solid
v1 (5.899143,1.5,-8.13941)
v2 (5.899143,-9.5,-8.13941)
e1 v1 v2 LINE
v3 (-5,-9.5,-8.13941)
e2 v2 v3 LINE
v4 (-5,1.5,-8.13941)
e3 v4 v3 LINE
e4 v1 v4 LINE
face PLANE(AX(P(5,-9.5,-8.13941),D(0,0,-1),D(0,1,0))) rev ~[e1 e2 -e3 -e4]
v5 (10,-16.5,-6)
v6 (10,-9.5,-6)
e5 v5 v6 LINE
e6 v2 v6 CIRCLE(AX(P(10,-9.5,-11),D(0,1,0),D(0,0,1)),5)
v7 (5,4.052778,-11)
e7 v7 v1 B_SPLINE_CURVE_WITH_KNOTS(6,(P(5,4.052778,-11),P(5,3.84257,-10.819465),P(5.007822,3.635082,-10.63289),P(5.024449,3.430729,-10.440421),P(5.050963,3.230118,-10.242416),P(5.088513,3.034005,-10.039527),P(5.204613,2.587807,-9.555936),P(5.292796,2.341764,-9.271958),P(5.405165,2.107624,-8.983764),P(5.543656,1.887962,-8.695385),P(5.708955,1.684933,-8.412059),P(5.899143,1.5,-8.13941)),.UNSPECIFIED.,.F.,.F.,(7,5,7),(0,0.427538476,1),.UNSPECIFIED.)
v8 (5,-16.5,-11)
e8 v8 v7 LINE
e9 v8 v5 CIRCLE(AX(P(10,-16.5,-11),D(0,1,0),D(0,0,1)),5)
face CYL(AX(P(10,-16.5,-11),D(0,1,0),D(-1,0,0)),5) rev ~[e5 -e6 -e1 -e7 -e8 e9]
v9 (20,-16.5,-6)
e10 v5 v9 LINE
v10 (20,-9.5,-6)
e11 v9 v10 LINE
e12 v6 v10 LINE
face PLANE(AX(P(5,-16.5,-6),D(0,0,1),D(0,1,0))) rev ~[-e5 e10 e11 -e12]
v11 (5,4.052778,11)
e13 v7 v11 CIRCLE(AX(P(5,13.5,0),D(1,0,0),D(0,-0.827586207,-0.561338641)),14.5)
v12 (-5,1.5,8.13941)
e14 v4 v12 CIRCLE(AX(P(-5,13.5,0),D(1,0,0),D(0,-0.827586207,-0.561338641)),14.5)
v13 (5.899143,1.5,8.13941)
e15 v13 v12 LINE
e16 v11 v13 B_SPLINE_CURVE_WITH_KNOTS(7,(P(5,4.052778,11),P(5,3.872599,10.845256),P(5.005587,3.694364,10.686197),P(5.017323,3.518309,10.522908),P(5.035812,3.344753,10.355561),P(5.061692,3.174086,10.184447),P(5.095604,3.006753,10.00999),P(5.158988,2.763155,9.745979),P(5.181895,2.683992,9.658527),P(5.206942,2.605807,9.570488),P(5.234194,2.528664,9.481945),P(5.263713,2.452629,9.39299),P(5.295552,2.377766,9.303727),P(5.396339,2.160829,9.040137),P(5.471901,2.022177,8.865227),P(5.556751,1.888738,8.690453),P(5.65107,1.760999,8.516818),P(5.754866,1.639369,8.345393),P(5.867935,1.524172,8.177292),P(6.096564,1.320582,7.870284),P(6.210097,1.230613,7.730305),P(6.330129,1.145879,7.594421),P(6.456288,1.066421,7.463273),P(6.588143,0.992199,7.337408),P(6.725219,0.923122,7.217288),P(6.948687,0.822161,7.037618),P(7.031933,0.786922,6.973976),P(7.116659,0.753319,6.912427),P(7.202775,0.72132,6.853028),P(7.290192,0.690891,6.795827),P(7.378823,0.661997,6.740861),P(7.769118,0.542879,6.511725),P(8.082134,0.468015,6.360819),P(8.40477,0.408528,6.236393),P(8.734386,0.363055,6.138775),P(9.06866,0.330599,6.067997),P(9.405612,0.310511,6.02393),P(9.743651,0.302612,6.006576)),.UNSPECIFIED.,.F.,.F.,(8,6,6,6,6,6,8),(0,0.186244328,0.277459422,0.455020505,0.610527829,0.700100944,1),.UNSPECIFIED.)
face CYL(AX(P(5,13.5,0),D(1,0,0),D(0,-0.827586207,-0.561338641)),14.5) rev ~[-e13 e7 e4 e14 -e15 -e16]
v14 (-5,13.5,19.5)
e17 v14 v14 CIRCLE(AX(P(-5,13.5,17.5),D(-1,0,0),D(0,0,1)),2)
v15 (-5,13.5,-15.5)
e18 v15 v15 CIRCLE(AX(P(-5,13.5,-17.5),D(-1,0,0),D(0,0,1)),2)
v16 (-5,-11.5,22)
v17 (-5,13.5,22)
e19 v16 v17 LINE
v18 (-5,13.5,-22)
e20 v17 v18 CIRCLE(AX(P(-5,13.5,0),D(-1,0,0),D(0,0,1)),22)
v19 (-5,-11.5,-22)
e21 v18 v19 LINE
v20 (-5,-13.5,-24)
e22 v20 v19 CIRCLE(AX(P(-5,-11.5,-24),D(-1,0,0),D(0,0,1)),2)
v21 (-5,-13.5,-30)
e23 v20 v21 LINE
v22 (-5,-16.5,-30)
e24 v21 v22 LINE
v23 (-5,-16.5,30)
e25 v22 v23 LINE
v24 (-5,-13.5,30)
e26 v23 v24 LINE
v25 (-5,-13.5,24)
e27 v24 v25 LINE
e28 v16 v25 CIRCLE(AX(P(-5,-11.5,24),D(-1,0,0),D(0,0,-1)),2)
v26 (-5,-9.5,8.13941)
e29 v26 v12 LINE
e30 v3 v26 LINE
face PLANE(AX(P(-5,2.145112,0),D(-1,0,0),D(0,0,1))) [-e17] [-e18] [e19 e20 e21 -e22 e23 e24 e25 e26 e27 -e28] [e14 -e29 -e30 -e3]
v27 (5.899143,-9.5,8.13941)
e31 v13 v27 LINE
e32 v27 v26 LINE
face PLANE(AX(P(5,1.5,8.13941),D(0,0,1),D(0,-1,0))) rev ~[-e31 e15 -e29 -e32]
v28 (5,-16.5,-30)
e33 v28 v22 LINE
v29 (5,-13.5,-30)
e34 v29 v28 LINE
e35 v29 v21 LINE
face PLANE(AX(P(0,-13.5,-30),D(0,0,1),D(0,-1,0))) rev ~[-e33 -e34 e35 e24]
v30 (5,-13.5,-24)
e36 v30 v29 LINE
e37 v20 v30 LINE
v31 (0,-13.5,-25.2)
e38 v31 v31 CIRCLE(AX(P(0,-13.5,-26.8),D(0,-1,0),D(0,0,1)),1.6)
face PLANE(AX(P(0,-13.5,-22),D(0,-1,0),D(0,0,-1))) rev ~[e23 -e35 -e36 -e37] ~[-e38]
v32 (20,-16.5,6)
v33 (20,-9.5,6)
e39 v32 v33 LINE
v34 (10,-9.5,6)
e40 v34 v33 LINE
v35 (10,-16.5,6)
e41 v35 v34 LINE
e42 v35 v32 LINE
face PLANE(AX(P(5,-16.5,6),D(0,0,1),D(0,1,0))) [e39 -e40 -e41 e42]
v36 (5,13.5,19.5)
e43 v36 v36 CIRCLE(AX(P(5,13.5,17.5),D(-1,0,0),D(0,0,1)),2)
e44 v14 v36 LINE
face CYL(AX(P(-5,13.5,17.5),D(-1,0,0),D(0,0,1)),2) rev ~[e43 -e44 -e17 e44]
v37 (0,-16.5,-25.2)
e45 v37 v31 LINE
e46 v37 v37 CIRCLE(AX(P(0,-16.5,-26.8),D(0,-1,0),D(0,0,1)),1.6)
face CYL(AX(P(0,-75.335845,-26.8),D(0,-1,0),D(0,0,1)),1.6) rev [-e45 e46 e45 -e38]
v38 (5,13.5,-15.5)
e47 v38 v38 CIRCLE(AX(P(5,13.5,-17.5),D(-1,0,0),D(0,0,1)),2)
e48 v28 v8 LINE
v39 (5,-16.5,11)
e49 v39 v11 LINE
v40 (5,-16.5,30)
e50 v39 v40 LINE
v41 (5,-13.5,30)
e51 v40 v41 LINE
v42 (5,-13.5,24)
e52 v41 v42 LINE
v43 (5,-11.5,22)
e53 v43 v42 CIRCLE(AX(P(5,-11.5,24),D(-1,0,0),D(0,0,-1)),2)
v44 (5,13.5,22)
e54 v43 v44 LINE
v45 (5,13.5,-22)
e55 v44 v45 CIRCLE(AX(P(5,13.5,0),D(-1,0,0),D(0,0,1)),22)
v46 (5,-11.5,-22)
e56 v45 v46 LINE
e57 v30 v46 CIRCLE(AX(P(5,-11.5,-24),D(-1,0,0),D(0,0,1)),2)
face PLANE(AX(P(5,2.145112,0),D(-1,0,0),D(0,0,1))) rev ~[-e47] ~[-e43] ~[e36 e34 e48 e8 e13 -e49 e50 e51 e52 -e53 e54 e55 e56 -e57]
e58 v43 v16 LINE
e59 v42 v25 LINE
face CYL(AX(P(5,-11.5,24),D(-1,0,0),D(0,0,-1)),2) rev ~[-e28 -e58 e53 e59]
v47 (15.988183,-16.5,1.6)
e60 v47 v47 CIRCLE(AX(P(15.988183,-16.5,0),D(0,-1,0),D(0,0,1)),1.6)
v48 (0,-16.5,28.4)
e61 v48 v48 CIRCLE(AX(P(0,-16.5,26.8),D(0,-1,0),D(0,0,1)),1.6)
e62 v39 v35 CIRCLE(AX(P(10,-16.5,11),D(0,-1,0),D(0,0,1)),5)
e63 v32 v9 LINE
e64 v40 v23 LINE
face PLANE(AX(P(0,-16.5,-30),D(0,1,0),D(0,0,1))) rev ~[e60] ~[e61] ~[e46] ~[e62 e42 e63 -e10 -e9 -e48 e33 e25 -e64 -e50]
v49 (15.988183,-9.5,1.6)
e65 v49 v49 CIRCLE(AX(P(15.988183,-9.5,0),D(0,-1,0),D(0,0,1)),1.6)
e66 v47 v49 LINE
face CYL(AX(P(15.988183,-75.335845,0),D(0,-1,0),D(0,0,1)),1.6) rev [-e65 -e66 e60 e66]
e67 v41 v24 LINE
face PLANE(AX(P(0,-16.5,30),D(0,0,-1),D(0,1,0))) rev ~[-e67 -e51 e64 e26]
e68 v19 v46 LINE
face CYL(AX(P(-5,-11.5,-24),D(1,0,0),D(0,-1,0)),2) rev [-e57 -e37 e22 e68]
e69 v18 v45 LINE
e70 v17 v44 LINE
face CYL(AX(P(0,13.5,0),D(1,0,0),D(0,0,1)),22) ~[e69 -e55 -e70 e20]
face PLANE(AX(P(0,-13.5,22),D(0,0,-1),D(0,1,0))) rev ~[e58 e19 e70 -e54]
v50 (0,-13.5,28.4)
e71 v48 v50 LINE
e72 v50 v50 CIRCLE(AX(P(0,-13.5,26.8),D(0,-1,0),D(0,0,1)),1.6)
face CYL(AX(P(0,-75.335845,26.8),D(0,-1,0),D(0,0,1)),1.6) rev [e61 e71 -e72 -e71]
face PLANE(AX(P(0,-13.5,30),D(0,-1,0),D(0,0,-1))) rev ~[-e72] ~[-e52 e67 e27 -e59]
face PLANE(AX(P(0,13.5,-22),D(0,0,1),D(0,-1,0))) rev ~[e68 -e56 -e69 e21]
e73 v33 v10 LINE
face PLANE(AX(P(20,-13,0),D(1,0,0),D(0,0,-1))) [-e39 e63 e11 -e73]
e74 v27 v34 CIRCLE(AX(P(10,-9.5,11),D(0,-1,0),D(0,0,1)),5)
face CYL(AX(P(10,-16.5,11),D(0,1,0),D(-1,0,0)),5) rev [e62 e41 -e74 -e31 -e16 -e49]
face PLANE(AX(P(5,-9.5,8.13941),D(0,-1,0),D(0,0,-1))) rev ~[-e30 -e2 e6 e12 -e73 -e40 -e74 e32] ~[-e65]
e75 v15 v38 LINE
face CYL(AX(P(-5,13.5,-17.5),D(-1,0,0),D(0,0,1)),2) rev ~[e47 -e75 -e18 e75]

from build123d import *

# Parameters (mm, degrees)
BOSS_EXTRUDE1_DEPTH     = 5
CUT_EXTRUDE1_DEPTH      = 48.542086618
SKETCH3_R               = 2
CUT_EXTRUDE2_DEPTH      = 48.542086618
FILLET1_R               = 2
SKETCH5_W               = 12
SKETCH5_H               = 7
BOSS_EXTRUDE2_DEPTH     = 15
CUT_EXTRUDE3_DEPTH      = 61.835844697
CUT_EXTRUDE3_DEPTH_BACK = 61.835844697
SKETCH4_R               = 1.6
FILLET2_R               = 5


with BuildPart() as part:
    # Sketch1 → Boss-Extrude1 (new, symmetric)
    with BuildSketch(Plane(origin=(0, 0, 0), x_dir=(0, 0, -1), z_dir=(1, 0, 0))):
        with BuildLine():
            Line((22, -13.5), (30, -13.5))
            Line((30, -13.5), (30, -16.5))
            Line((30, -16.5), (-30, -16.5))
            Line((-30, -16.5), (-30, -13.5))
            Line((-30, -13.5), (-22, -13.5))
            Line((-22, -13.5), (-22, 13.5))
            ThreePointArc((-22, 13.5), (0, 35.5), (22, 13.5))
            Line((22, 13.5), (22, -13.5))
        make_face()
    extrude(amount=BOSS_EXTRUDE1_DEPTH, both=True)

    # Sketch2 → Cut-Extrude1 (cut, through all)
    with BuildSketch(Plane(origin=(5, 0, 0), x_dir=(0, 0, -1), z_dir=(1, 0, 0))):
        with BuildLine():
            Line((-8.139410298, 1.5), (-8.139410298, -9.5))
            Line((-8.139410298, -9.5), (8.139410298, -9.5))
            Line((8.139410298, -9.5), (8.139410298, 1.5))
            ThreePointArc((8.139410298, 1.5), (0, 28), (-8.139410298, 1.5))
        make_face()
    extrude(amount=-CUT_EXTRUDE1_DEPTH, mode=Mode.SUBTRACT)

    # Sketch3 → Cut-Extrude2 (cut, through all)
    with BuildSketch(Plane.ZY.offset(5)):
        with Locations((17.5, 13.5)):
            Circle(SKETCH3_R)
        with Locations((-17.5, 13.5)):
            Circle(SKETCH3_R)
    extrude(amount=-CUT_EXTRUDE2_DEPTH, mode=Mode.SUBTRACT)

    # Fillet1
    fillet1_edges = [part.edges().sort_by_distance(p)[0] for p in [
        (0, -13.5, -22),
        (0, -13.5, 22),
    ]]
    fillet(fillet1_edges, radius=FILLET1_R)

    # Sketch5 → Boss-Extrude2 (add)
    with BuildSketch(Plane(origin=(5, 0, 0), x_dir=(0, 0, -1), z_dir=(1, 0, 0))):
        with Locations((0, -13)):
            Rectangle(SKETCH5_W, SKETCH5_H)
    extrude(amount=BOSS_EXTRUDE2_DEPTH)

    # Sketch4 → Cut-Extrude3 (cut, two sides: drawn at the far end of the back side and taken through both)
    with BuildSketch(Plane(origin=(0, -13.5, 0), x_dir=(1, 0, 0), z_dir=(0, 1, 0)).offset(-CUT_EXTRUDE3_DEPTH_BACK)):
        with Locations(Location((0, 26.8, 0), (0, 0, 270))):
            Circle(SKETCH4_R)
        with Locations(Location((0, -26.8, 0), (0, 0, 270))):
            Circle(SKETCH4_R)
        with Locations(Location((15.988182788, 0, 0), (0, 0, 270))):
            Circle(SKETCH4_R)
    extrude(amount=CUT_EXTRUDE3_DEPTH + CUT_EXTRUDE3_DEPTH_BACK, mode=Mode.SUBTRACT)

    # Fillet2
    fillet2_edges = [part.edges().sort_by_distance(p)[0] for p in [
        (5, -13, -6),
        (5, -13, 6),
    ]]
    fillet(fillet2_edges, radius=FILLET2_R)


solid = part.part
